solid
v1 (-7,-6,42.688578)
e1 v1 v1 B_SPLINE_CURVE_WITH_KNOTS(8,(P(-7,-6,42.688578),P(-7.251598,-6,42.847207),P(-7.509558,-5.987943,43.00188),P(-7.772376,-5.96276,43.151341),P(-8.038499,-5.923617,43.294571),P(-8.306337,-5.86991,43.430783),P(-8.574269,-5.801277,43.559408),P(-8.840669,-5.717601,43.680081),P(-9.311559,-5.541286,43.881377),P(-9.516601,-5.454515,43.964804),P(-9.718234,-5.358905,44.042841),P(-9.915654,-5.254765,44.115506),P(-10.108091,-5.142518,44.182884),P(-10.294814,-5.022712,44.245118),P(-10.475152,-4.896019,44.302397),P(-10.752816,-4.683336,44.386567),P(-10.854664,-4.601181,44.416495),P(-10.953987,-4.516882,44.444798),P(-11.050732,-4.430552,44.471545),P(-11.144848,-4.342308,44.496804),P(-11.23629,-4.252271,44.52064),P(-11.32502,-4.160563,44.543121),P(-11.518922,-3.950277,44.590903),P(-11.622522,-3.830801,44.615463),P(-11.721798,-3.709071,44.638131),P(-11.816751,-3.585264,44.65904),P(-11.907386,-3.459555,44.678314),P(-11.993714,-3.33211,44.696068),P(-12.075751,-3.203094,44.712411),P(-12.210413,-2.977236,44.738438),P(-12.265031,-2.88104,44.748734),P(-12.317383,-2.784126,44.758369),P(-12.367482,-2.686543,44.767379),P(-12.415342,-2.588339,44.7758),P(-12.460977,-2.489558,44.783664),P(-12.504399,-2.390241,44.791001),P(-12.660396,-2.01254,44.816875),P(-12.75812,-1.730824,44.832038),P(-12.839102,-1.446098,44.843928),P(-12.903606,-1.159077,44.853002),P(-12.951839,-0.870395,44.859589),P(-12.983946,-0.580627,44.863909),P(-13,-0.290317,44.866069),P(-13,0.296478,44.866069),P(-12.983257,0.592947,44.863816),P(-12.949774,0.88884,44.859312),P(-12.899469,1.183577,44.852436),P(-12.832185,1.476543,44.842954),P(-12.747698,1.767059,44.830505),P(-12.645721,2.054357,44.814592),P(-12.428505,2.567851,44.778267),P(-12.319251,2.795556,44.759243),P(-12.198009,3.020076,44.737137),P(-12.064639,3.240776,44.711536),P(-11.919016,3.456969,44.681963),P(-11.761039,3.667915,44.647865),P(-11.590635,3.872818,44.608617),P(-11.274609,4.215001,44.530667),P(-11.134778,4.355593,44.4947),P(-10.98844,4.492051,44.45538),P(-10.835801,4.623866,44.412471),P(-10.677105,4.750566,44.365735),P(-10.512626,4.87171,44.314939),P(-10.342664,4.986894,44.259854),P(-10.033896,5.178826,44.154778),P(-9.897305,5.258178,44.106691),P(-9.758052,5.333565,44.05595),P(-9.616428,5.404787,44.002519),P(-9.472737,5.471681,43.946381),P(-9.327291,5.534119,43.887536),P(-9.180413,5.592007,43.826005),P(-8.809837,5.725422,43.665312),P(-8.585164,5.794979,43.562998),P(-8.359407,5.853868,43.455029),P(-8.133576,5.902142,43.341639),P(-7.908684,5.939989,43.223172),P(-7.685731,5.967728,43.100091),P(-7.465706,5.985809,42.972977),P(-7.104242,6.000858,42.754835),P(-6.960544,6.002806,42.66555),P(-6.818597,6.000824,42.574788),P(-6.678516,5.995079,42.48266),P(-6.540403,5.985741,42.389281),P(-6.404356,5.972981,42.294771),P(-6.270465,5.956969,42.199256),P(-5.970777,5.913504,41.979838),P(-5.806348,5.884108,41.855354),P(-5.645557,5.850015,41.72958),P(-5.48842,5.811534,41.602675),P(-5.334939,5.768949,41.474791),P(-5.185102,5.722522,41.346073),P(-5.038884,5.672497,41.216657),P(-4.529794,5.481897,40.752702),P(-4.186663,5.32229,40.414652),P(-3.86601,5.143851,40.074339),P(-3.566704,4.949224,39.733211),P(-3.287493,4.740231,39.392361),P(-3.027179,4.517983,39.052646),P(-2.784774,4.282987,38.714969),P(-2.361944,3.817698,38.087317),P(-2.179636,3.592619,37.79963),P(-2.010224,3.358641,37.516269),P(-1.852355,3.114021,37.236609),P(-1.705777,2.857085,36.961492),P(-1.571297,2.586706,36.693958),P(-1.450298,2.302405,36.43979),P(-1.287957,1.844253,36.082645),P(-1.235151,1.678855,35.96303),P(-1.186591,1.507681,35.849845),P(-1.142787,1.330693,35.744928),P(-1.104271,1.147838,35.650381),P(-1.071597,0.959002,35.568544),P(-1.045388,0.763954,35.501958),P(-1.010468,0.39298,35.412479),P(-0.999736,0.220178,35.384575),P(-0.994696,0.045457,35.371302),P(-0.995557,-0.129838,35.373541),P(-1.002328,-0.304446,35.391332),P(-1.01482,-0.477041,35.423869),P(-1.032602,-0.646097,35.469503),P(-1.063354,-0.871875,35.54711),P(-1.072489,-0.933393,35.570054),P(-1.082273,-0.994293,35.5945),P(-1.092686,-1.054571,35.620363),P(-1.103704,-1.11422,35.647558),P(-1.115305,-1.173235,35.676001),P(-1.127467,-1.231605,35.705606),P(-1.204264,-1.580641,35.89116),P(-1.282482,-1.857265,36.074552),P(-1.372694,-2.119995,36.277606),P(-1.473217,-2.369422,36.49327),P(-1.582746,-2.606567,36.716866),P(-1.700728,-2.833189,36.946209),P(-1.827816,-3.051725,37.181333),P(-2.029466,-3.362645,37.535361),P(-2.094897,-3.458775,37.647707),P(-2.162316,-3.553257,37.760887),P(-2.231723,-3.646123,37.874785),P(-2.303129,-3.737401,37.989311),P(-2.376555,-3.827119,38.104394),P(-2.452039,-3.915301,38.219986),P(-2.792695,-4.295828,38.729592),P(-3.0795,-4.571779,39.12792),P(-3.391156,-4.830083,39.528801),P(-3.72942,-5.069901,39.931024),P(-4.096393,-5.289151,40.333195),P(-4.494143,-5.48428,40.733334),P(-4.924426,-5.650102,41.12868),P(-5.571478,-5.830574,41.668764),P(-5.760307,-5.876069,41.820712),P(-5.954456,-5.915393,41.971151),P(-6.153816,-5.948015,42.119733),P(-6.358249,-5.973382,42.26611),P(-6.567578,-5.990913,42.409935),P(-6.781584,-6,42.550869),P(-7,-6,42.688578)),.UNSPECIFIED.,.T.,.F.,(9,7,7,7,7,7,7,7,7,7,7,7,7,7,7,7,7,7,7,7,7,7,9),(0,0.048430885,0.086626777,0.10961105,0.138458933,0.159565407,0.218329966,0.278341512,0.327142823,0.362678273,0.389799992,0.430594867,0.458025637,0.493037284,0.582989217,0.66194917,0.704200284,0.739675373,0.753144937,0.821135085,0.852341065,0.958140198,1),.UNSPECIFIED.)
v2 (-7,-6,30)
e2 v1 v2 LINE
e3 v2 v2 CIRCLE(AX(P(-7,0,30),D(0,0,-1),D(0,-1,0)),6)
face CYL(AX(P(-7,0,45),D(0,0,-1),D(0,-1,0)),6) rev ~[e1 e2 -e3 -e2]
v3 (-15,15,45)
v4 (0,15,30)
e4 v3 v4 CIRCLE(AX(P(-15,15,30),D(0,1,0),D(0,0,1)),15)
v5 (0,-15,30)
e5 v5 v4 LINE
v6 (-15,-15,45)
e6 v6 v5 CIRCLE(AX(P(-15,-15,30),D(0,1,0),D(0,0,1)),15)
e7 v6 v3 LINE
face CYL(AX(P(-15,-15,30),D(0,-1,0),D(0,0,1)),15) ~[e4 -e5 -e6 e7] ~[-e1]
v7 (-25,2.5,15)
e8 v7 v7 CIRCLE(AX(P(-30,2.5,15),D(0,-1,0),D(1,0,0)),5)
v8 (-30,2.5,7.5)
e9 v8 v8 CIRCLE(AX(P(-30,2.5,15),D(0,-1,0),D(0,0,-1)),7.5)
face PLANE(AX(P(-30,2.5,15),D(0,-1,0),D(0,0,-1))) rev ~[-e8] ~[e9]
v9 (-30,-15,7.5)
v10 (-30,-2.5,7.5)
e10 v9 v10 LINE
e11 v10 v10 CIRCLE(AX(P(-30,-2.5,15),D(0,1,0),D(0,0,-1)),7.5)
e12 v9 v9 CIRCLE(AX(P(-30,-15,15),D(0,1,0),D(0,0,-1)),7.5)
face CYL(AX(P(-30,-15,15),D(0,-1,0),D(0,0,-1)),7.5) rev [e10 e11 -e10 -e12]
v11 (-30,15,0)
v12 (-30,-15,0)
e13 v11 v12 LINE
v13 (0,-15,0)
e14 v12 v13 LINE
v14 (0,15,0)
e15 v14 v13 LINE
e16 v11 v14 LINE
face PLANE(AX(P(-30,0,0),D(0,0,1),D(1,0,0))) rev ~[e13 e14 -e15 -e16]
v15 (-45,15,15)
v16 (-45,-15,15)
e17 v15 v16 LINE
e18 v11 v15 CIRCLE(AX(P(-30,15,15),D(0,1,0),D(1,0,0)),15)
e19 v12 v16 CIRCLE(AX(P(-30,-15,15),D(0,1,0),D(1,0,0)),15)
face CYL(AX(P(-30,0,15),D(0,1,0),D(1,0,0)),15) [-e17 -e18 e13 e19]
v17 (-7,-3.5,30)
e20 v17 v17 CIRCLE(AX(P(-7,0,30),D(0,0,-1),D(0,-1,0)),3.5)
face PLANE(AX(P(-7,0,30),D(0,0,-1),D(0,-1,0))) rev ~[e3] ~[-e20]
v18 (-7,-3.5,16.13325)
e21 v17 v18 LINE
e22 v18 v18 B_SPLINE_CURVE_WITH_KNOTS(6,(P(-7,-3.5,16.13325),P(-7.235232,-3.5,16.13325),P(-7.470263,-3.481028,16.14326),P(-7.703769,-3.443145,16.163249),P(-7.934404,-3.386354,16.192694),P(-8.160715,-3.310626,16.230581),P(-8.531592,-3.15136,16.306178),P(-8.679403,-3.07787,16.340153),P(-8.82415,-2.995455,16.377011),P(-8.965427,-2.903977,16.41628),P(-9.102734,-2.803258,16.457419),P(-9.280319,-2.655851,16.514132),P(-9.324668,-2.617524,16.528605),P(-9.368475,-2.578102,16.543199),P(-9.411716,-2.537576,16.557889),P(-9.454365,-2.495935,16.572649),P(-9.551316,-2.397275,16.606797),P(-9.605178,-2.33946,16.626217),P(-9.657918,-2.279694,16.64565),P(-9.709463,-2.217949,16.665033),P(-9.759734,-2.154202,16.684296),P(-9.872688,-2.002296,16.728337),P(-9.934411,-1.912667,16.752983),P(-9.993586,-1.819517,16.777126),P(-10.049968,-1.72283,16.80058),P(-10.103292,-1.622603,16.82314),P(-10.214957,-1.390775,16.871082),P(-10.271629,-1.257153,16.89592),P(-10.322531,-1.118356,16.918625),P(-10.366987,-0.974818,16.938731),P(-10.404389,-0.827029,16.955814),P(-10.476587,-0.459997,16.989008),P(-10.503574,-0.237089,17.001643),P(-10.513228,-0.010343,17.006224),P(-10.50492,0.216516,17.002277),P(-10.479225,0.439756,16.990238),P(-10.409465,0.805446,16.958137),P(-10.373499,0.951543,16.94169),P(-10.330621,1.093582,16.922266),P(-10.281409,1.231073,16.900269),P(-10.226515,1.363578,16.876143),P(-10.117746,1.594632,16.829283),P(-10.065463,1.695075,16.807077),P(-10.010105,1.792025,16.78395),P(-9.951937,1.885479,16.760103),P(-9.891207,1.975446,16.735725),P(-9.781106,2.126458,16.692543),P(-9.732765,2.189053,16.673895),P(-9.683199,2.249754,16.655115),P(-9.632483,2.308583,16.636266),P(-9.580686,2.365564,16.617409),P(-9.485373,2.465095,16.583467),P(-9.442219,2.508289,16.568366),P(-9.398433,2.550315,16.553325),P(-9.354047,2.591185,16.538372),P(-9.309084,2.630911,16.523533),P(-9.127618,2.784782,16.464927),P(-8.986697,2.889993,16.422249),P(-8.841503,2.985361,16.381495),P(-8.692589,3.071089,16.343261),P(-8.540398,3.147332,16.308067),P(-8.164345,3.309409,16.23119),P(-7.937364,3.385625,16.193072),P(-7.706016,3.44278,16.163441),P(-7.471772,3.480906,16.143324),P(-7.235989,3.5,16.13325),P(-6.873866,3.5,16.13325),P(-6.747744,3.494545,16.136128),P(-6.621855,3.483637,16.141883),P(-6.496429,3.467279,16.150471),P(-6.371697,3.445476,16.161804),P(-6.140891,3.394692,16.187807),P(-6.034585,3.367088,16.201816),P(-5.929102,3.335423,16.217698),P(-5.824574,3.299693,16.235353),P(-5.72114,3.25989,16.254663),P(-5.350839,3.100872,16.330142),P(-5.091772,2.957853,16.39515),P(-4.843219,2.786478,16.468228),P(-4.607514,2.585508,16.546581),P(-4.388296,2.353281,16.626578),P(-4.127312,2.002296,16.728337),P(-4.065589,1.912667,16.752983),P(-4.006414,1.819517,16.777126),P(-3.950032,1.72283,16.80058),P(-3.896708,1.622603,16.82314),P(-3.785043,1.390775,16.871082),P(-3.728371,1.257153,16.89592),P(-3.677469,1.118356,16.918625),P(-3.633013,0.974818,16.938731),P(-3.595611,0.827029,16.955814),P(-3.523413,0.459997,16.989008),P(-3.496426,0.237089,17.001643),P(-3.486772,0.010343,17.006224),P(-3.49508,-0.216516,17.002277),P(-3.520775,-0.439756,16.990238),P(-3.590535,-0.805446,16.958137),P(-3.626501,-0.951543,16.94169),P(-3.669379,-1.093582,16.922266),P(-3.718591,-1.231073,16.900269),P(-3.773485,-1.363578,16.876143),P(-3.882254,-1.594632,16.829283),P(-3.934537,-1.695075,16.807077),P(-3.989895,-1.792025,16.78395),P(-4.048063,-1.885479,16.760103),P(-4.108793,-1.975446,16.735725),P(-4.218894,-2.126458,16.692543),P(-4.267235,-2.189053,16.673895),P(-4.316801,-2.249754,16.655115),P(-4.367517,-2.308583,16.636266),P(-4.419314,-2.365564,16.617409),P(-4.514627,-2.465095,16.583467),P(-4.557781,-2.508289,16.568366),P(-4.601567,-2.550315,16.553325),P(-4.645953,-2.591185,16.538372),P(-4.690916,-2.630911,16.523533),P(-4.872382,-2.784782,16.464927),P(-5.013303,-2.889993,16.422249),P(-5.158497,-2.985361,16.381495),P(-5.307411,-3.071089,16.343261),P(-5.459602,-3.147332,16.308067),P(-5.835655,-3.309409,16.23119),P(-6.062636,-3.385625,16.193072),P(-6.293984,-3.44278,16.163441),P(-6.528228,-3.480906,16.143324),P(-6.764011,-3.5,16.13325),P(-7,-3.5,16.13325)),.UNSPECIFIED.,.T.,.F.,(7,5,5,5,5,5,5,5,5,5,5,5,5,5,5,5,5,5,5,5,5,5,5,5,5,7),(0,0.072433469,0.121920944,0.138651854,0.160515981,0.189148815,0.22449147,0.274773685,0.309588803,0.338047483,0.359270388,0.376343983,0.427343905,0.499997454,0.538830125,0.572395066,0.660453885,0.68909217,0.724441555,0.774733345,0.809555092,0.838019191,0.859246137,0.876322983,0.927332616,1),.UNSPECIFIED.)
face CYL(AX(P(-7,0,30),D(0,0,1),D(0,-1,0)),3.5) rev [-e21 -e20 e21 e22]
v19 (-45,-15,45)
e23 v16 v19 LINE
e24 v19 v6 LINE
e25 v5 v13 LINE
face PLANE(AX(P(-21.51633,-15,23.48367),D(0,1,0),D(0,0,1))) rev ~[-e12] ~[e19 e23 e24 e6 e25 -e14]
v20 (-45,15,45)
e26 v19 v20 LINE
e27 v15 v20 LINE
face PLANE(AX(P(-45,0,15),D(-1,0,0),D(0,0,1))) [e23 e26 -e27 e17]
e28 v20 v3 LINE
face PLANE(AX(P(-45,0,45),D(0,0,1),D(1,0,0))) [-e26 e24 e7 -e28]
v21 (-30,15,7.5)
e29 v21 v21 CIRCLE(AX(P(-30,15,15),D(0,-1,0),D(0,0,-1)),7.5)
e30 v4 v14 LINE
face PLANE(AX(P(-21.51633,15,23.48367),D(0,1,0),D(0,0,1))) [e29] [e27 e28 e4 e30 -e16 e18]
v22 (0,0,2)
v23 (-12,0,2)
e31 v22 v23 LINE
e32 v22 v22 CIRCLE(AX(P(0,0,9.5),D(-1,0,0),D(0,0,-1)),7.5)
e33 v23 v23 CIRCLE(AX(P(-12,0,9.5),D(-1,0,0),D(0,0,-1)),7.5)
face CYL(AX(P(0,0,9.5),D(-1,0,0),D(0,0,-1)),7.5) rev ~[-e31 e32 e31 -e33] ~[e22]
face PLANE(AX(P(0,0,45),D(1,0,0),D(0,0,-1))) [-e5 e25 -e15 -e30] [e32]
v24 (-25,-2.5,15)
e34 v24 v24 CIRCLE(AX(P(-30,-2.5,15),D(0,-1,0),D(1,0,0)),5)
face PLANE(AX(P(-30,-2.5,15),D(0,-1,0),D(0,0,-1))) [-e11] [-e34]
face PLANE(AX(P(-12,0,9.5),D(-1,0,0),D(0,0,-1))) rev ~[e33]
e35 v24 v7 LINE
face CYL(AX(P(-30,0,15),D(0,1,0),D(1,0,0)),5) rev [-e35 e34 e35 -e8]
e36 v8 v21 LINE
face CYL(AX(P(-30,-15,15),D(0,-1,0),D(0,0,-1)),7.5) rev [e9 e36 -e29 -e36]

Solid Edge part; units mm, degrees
sketch "Sketch1" plane through (0, 0, 0) normal (0, -1, 0) x (1, 0, 0)
  line L0 (-45, 15) -> (-45, 45)
  line L1 (-45, 45) -> (0, 45)
  line L2 (0, 45) -> (0, 0)
  line L3 (-30, 0) -> (0, 0)
  arc A0 (-30, 0) -> (-45, 15) centre (-30, 15) cw
extrude "ExtrudedProtrusion_1" add sketch "Sketch1" along normal mid plane 30
hole "Hole_1" at (-7, 0, 45) direction (0, 0, -1) diameter 12 depth 15
hole "Hole_2" at (0, 0, 9.5) direction (-1, 0, 0) diameter 15 depth 12
hole "Hole_3" at (-7, 0, 30) direction (0, 0, -1) diameter 7 end up to next
fillet "Round_1" radius 15 1 edges at (0, 0, 45)
hole "Hole_4" at (-30, -15, 15) direction (0, 1, 0) diameter 15 end up to next
sketch "Sketch2" plane through (0, 0, 0) normal (0, -1, 0) x (1, 0, 0)
  circle A0 centre (-30, 15) radius 7.5
  circle A1 centre (-30, 15) radius 5
extrude "ExtrudedProtrusion_2" add sketch "Sketch2" along normal mid plane 5
